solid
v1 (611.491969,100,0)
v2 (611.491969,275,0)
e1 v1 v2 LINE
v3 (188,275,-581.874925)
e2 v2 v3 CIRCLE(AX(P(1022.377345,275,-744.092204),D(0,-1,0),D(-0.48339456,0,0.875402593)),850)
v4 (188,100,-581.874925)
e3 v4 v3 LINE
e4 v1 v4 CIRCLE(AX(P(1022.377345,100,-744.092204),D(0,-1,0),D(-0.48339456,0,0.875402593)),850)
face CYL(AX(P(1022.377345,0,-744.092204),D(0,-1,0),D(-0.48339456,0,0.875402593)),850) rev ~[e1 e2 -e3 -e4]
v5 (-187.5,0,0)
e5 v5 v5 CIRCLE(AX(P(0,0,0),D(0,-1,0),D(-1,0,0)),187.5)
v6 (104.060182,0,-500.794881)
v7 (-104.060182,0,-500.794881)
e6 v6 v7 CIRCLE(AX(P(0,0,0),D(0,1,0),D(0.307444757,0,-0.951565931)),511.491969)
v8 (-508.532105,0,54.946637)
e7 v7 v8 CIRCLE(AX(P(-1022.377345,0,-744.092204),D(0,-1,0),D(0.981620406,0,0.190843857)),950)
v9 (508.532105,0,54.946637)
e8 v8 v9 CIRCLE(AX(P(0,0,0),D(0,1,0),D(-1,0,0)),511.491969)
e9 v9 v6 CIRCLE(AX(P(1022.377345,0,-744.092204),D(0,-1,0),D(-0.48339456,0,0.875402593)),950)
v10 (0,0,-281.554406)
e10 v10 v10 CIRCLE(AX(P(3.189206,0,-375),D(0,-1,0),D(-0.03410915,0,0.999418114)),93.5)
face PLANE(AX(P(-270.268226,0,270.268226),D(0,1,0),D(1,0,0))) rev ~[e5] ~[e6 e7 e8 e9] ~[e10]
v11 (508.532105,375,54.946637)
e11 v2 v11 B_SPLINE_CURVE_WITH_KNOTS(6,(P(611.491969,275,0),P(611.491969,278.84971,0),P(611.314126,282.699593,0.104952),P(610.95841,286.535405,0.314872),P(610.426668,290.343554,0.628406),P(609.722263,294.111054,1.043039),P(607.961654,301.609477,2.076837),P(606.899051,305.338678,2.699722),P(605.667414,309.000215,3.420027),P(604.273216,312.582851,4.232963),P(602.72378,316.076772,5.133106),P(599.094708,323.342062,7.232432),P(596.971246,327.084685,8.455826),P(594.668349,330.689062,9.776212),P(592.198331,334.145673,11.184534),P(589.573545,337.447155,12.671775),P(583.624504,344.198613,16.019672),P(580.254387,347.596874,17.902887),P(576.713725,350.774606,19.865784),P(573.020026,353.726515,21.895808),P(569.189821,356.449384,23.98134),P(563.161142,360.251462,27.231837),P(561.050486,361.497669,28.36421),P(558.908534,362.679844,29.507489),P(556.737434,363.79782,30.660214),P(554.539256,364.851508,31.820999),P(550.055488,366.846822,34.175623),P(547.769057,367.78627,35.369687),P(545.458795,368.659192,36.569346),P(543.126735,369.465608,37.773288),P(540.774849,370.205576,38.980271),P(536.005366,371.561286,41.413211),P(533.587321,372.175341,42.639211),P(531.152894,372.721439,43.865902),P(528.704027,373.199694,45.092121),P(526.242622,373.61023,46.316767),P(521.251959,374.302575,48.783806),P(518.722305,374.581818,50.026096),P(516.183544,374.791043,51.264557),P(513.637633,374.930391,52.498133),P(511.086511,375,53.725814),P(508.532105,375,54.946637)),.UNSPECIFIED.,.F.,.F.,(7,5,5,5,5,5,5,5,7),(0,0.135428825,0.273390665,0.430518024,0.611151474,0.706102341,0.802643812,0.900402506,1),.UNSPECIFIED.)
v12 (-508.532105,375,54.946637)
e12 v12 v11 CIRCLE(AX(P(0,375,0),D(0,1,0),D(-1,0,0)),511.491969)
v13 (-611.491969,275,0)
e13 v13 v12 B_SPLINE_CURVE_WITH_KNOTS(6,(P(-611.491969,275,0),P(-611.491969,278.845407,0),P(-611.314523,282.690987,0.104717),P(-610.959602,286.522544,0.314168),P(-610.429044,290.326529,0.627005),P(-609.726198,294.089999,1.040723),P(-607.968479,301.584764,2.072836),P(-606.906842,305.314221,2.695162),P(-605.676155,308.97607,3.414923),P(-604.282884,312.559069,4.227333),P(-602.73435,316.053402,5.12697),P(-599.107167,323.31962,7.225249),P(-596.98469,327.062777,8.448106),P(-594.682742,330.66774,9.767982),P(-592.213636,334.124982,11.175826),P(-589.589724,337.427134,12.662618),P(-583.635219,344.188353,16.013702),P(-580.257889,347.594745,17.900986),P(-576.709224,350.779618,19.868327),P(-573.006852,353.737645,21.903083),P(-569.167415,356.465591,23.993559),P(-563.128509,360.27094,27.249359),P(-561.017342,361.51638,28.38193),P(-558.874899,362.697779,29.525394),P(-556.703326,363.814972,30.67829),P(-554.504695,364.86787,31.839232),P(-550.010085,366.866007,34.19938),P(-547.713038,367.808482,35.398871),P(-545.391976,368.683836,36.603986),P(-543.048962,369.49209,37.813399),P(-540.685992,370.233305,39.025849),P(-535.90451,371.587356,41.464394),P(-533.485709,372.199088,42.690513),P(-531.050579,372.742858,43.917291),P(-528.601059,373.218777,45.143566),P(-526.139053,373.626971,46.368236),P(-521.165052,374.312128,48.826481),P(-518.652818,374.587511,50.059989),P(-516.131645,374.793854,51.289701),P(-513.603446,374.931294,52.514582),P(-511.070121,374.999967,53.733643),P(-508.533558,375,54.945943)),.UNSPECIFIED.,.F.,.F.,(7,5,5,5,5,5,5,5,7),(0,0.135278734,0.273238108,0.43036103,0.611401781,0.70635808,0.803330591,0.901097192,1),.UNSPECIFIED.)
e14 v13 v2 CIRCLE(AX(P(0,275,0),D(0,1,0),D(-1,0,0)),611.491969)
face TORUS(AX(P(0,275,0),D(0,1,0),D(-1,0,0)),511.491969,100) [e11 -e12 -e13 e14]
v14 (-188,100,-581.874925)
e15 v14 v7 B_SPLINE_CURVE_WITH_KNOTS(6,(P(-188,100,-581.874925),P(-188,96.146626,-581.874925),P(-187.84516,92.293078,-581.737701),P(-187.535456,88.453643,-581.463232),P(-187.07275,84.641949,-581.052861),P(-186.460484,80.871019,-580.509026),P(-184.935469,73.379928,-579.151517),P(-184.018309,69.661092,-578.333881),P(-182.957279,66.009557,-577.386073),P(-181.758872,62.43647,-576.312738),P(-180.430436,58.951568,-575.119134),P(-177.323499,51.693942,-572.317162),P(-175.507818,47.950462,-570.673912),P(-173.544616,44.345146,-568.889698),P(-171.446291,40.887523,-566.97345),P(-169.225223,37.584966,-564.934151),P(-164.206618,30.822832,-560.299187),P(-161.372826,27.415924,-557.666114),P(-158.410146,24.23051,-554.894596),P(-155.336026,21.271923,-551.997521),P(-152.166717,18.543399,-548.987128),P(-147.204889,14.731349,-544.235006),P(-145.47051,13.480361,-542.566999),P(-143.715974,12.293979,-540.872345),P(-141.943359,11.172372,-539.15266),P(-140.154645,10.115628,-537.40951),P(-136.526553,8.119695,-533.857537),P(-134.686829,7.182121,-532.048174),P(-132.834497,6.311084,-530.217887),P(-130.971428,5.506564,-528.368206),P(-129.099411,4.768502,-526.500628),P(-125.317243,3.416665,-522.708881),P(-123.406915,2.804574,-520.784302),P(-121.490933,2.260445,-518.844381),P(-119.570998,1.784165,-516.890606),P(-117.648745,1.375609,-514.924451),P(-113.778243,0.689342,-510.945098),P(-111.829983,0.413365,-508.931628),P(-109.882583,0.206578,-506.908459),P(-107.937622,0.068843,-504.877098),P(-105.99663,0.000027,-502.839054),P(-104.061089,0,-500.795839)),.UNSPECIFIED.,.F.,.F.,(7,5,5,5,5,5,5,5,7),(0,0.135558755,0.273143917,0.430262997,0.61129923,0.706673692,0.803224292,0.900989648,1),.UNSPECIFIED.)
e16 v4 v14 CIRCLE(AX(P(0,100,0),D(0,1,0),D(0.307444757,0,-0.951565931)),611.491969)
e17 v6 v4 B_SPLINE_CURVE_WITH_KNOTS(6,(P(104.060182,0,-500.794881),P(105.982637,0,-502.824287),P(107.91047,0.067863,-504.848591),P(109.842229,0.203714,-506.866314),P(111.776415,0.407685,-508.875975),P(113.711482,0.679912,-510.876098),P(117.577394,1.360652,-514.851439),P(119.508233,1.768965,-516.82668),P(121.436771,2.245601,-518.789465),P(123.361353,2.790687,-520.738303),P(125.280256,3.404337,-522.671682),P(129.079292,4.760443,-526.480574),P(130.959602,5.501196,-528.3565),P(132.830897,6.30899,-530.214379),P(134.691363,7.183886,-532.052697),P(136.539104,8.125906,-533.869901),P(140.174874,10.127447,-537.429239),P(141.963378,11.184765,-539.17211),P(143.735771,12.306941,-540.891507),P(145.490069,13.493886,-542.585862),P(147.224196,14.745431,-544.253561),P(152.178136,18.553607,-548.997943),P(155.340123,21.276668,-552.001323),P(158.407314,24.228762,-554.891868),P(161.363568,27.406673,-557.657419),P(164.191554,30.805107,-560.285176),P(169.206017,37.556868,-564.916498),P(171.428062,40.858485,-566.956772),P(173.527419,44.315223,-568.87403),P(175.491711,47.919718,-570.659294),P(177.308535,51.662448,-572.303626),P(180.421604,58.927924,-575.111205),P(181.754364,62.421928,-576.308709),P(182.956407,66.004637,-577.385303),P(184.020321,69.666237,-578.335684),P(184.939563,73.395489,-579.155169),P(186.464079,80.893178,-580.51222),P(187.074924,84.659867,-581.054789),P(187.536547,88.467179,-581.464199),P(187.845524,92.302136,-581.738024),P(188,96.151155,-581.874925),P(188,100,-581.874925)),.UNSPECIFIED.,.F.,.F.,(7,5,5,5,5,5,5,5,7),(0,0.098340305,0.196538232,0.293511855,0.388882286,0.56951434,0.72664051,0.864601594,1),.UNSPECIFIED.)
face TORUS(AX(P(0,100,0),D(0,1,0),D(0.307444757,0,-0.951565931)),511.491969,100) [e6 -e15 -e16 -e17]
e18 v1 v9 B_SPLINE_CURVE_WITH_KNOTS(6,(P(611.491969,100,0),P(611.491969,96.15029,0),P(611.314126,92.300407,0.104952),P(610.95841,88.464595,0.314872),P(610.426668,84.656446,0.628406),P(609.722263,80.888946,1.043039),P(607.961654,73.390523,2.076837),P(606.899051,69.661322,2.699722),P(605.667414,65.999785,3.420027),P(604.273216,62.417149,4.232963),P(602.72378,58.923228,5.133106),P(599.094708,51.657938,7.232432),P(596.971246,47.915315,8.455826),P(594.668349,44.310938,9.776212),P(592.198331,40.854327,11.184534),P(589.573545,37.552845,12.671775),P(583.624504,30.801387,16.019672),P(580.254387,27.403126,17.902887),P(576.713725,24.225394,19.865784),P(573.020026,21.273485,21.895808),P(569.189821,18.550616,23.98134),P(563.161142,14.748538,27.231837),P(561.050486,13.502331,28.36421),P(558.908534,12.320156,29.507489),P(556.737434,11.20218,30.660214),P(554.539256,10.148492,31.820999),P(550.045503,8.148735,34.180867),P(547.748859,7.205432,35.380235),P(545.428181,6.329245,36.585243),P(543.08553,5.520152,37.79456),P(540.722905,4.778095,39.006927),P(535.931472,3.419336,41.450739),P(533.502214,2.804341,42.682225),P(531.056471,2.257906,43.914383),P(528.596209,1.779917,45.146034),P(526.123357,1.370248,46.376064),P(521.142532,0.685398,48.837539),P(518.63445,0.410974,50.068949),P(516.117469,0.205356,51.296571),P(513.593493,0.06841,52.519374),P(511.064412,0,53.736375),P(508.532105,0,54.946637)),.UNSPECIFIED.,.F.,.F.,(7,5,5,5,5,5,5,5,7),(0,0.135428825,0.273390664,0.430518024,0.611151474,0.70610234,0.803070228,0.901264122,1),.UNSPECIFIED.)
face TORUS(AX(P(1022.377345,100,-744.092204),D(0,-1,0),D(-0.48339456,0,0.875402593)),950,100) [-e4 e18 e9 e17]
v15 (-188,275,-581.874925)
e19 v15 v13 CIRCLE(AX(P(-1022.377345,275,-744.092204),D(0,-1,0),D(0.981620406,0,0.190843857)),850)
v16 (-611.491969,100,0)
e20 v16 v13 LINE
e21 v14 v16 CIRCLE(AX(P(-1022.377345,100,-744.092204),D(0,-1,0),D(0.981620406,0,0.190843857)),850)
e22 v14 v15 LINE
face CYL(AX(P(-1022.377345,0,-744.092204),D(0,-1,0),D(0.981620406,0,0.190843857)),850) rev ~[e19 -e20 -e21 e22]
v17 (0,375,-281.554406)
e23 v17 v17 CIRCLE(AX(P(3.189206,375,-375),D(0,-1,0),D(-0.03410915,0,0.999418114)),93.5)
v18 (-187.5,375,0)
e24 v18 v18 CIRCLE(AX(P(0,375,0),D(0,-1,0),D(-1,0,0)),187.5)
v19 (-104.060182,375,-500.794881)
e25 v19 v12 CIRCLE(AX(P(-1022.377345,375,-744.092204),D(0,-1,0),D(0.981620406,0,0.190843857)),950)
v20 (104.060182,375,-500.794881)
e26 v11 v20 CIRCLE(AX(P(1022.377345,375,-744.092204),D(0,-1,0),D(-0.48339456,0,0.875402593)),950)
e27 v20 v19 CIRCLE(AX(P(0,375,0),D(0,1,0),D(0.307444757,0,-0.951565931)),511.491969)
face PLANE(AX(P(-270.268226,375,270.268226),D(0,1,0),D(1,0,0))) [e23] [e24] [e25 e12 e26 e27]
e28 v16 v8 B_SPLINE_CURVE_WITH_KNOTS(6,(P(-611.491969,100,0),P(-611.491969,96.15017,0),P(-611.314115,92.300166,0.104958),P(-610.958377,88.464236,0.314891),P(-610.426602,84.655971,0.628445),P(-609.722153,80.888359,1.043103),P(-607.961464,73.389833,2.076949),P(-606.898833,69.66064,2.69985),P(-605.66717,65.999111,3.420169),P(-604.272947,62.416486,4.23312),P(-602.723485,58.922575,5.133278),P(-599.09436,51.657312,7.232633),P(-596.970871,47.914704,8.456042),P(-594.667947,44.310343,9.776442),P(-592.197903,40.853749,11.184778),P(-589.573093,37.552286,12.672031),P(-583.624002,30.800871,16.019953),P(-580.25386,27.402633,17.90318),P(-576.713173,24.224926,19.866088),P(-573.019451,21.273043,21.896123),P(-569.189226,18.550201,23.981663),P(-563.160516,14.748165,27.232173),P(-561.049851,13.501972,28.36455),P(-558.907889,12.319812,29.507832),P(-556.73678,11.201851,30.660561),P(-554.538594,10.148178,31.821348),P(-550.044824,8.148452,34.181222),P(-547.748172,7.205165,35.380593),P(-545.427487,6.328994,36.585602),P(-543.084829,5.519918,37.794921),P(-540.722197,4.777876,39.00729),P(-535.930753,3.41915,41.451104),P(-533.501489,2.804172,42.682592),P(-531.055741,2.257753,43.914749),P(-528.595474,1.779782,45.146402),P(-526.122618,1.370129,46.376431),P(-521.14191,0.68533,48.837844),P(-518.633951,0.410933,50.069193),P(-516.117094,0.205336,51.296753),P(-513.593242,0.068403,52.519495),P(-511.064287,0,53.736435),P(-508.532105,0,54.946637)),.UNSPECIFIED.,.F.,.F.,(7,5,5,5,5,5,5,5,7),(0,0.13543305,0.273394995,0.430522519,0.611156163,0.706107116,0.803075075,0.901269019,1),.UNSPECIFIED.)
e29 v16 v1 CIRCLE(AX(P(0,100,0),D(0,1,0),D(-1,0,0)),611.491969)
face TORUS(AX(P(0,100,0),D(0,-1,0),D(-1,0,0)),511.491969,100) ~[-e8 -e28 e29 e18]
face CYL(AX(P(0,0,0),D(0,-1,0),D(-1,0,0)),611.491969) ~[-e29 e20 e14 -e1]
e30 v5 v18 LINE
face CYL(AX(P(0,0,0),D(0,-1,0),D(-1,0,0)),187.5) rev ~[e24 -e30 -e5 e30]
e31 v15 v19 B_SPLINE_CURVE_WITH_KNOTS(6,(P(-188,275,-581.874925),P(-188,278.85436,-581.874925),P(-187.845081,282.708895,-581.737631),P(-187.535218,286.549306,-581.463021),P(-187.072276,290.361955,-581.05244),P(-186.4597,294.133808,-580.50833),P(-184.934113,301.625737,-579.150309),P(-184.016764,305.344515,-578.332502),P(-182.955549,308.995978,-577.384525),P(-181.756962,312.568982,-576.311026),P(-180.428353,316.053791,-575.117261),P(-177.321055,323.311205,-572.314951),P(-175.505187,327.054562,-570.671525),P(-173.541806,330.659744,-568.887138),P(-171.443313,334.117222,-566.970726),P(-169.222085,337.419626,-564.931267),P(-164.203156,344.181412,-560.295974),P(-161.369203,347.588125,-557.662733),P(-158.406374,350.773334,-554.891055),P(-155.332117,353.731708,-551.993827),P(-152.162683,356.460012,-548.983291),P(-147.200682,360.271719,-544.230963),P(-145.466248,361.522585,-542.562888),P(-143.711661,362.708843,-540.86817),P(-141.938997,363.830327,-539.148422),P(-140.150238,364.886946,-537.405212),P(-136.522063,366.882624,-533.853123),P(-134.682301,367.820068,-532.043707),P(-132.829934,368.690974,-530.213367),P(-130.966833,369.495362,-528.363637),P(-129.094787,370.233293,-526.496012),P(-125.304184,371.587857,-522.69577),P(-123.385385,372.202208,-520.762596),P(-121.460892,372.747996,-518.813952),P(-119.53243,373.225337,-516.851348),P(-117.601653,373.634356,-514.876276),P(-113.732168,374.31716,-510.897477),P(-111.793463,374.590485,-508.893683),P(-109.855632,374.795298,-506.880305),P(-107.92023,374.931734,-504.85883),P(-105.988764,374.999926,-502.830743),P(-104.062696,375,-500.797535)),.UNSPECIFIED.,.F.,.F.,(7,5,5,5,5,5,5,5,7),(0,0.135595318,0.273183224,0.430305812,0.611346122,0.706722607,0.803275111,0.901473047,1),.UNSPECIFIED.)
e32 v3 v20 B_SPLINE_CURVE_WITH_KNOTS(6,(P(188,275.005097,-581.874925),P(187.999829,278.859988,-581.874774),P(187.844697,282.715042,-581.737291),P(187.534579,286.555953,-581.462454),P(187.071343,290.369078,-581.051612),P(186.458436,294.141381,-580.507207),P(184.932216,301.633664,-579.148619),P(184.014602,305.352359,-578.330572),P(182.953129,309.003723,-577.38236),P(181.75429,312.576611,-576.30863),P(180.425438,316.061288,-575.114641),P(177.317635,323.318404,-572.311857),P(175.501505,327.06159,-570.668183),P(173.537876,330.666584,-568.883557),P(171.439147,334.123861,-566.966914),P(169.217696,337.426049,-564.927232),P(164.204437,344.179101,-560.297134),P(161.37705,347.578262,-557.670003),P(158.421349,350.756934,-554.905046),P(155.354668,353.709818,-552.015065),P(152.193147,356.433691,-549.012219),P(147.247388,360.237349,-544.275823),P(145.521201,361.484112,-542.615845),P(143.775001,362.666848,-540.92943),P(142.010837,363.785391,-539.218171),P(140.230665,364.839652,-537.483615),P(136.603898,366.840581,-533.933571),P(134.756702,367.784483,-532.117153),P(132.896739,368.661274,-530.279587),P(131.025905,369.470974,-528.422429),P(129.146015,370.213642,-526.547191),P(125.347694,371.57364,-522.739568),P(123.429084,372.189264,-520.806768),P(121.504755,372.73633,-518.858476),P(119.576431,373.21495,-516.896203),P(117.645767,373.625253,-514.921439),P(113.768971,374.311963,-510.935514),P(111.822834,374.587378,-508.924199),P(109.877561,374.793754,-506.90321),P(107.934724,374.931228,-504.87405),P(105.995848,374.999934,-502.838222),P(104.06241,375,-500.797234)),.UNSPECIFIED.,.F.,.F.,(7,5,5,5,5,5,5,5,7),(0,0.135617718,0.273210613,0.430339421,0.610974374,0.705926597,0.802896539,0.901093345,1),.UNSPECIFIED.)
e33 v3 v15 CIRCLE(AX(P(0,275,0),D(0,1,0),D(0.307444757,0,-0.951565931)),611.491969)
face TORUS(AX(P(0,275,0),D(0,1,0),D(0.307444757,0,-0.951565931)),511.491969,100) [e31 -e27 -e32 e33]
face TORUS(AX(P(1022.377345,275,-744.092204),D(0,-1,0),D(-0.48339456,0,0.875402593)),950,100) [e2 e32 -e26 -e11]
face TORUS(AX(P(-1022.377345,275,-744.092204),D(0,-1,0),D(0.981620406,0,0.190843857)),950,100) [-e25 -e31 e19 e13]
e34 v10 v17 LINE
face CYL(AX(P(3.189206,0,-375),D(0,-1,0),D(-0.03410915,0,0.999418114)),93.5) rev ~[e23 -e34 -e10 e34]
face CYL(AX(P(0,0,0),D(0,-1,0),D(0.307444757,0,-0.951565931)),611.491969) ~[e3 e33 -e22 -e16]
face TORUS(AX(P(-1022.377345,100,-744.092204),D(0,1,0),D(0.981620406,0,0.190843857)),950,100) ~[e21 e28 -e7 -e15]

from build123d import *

# Parameters (mm, degrees)
BOSS_EXTRUDE1_DEPTH = 375
FILLET1_R           = 100
FILLET2_R           = 100


with BuildPart() as part:
    # Sketch1 → Boss-Extrude1 (new body)
    with BuildSketch(Plane(origin=(0, 0, 0), x_dir=(1, 0, 0), z_dir=(0, 1, 0))):
        with BuildLine():
            ThreePointArc((-611.4919693133057, 0), (-432.39011814255474, -432.3901181425547), (-3.744e-14, -611.4919693133057))
            Line((0, -611.4919693133057), (0, -187.5))
            ThreePointArc((-1.86631e-12, -187.5), (-132.58252147247833, -132.58252147247697), (-187.5, 2.296e-14))
            Line((-187.5, 0), (-611.4919693133057, 0))
        make_face()
        with BuildLine():
            Line((0, -187.5), (0, -611.4919693133057))
            ThreePointArc((-3.744e-14, -611.4919693133057), (432.3901181425547, -432.39011814255474), (611.4919693133057, -7.489e-14))
            Line((611.4919693133057, 0), (187.5, 0))
            ThreePointArc((187.5, -4.592e-14), (132.58252147247705, -132.58252147247828), (-1.86631e-12, -187.5))
        make_face()
        with BuildLine():
            Line((187.5, 0), (611.4919693133057, 0))
            ThreePointArc((611.4919693133056, -2.2737e-13), (335.12599508158894, 243.9066567186602), (187.9999999999999, 581.8749251640463))
            ThreePointArc((188, 581.8749251640465), (95.15929973489084, 604.0423298152456), (0, 611.4919693133056))
            Line((0, 611.4919693133057), (0, 468.44559362451025))
            ThreePointArc((2.9354e-13, 468.44559362451025), (68.16635262601869, 442.2325840672666), (96.6892055692424, 375))
            ThreePointArc((96.6892055692424, 375), (68.16635262601865, 307.76741593273334), (2.7045e-13, 281.55440637548975))
            Line((0, 281.55440637548975), (0, 187.5))
            ThreePointArc((-1.90365e-12, 187.5), (132.58252147247697, 132.58252147247833), (187.5, 0))
        make_face()
        with BuildLine():
            ThreePointArc((-188, 581.8749251640467), (-335.1259950815888, 243.90665671866032), (-611.4919693133057, 0))
            Line((-611.4919693133057, 0), (-187.5, 0))
            ThreePointArc((-187.5, 2.296e-14), (-132.5825214724783, 132.58252147247703), (-1.90365e-12, 187.5))
            Line((0, 187.5), (0, 281.55440637548975))
            ThreePointArc((2.7045e-13, 281.55440637548975), (-90.3107944307576, 375), (2.9354e-13, 468.44559362451025))
            Line((0, 468.44559362451025), (0, 611.4919693133057))
            ThreePointArc((0, 611.4919693133056), (-95.15929973489085, 604.0423298152457), (-188.00000000000003, 581.8749251640465))
        make_face()
    extrude(amount=BOSS_EXTRUDE1_DEPTH)

    # Fillet1
    fillet1_edges = [part.edges().sort_by_distance(p)[0] for p in [
        (-335.12599508158894, 375, -243.90665671866043),
        (-3.111e-14, 375, 611.4919693133057),
        (335.12599508158894, 375, -243.9066567186602),
        (-7.11e-15, 375, -611.4919693133056),
    ]]
    fillet(fillet1_edges, radius=FILLET1_R)

    # Fillet2
    fillet2_edges = [part.edges().sort_by_distance(p)[0] for p in [
        (-1.027e-14, 0, 611.4919693133057),
        (-335.12599508158894, 0, -243.90665671866043),
        (-2.132e-14, 0, -611.4919693133056),
        (335.12599508158894, 0, -243.9066567186602),
    ]]
    fillet(fillet2_edges, radius=FILLET2_R)


solid = part.part
